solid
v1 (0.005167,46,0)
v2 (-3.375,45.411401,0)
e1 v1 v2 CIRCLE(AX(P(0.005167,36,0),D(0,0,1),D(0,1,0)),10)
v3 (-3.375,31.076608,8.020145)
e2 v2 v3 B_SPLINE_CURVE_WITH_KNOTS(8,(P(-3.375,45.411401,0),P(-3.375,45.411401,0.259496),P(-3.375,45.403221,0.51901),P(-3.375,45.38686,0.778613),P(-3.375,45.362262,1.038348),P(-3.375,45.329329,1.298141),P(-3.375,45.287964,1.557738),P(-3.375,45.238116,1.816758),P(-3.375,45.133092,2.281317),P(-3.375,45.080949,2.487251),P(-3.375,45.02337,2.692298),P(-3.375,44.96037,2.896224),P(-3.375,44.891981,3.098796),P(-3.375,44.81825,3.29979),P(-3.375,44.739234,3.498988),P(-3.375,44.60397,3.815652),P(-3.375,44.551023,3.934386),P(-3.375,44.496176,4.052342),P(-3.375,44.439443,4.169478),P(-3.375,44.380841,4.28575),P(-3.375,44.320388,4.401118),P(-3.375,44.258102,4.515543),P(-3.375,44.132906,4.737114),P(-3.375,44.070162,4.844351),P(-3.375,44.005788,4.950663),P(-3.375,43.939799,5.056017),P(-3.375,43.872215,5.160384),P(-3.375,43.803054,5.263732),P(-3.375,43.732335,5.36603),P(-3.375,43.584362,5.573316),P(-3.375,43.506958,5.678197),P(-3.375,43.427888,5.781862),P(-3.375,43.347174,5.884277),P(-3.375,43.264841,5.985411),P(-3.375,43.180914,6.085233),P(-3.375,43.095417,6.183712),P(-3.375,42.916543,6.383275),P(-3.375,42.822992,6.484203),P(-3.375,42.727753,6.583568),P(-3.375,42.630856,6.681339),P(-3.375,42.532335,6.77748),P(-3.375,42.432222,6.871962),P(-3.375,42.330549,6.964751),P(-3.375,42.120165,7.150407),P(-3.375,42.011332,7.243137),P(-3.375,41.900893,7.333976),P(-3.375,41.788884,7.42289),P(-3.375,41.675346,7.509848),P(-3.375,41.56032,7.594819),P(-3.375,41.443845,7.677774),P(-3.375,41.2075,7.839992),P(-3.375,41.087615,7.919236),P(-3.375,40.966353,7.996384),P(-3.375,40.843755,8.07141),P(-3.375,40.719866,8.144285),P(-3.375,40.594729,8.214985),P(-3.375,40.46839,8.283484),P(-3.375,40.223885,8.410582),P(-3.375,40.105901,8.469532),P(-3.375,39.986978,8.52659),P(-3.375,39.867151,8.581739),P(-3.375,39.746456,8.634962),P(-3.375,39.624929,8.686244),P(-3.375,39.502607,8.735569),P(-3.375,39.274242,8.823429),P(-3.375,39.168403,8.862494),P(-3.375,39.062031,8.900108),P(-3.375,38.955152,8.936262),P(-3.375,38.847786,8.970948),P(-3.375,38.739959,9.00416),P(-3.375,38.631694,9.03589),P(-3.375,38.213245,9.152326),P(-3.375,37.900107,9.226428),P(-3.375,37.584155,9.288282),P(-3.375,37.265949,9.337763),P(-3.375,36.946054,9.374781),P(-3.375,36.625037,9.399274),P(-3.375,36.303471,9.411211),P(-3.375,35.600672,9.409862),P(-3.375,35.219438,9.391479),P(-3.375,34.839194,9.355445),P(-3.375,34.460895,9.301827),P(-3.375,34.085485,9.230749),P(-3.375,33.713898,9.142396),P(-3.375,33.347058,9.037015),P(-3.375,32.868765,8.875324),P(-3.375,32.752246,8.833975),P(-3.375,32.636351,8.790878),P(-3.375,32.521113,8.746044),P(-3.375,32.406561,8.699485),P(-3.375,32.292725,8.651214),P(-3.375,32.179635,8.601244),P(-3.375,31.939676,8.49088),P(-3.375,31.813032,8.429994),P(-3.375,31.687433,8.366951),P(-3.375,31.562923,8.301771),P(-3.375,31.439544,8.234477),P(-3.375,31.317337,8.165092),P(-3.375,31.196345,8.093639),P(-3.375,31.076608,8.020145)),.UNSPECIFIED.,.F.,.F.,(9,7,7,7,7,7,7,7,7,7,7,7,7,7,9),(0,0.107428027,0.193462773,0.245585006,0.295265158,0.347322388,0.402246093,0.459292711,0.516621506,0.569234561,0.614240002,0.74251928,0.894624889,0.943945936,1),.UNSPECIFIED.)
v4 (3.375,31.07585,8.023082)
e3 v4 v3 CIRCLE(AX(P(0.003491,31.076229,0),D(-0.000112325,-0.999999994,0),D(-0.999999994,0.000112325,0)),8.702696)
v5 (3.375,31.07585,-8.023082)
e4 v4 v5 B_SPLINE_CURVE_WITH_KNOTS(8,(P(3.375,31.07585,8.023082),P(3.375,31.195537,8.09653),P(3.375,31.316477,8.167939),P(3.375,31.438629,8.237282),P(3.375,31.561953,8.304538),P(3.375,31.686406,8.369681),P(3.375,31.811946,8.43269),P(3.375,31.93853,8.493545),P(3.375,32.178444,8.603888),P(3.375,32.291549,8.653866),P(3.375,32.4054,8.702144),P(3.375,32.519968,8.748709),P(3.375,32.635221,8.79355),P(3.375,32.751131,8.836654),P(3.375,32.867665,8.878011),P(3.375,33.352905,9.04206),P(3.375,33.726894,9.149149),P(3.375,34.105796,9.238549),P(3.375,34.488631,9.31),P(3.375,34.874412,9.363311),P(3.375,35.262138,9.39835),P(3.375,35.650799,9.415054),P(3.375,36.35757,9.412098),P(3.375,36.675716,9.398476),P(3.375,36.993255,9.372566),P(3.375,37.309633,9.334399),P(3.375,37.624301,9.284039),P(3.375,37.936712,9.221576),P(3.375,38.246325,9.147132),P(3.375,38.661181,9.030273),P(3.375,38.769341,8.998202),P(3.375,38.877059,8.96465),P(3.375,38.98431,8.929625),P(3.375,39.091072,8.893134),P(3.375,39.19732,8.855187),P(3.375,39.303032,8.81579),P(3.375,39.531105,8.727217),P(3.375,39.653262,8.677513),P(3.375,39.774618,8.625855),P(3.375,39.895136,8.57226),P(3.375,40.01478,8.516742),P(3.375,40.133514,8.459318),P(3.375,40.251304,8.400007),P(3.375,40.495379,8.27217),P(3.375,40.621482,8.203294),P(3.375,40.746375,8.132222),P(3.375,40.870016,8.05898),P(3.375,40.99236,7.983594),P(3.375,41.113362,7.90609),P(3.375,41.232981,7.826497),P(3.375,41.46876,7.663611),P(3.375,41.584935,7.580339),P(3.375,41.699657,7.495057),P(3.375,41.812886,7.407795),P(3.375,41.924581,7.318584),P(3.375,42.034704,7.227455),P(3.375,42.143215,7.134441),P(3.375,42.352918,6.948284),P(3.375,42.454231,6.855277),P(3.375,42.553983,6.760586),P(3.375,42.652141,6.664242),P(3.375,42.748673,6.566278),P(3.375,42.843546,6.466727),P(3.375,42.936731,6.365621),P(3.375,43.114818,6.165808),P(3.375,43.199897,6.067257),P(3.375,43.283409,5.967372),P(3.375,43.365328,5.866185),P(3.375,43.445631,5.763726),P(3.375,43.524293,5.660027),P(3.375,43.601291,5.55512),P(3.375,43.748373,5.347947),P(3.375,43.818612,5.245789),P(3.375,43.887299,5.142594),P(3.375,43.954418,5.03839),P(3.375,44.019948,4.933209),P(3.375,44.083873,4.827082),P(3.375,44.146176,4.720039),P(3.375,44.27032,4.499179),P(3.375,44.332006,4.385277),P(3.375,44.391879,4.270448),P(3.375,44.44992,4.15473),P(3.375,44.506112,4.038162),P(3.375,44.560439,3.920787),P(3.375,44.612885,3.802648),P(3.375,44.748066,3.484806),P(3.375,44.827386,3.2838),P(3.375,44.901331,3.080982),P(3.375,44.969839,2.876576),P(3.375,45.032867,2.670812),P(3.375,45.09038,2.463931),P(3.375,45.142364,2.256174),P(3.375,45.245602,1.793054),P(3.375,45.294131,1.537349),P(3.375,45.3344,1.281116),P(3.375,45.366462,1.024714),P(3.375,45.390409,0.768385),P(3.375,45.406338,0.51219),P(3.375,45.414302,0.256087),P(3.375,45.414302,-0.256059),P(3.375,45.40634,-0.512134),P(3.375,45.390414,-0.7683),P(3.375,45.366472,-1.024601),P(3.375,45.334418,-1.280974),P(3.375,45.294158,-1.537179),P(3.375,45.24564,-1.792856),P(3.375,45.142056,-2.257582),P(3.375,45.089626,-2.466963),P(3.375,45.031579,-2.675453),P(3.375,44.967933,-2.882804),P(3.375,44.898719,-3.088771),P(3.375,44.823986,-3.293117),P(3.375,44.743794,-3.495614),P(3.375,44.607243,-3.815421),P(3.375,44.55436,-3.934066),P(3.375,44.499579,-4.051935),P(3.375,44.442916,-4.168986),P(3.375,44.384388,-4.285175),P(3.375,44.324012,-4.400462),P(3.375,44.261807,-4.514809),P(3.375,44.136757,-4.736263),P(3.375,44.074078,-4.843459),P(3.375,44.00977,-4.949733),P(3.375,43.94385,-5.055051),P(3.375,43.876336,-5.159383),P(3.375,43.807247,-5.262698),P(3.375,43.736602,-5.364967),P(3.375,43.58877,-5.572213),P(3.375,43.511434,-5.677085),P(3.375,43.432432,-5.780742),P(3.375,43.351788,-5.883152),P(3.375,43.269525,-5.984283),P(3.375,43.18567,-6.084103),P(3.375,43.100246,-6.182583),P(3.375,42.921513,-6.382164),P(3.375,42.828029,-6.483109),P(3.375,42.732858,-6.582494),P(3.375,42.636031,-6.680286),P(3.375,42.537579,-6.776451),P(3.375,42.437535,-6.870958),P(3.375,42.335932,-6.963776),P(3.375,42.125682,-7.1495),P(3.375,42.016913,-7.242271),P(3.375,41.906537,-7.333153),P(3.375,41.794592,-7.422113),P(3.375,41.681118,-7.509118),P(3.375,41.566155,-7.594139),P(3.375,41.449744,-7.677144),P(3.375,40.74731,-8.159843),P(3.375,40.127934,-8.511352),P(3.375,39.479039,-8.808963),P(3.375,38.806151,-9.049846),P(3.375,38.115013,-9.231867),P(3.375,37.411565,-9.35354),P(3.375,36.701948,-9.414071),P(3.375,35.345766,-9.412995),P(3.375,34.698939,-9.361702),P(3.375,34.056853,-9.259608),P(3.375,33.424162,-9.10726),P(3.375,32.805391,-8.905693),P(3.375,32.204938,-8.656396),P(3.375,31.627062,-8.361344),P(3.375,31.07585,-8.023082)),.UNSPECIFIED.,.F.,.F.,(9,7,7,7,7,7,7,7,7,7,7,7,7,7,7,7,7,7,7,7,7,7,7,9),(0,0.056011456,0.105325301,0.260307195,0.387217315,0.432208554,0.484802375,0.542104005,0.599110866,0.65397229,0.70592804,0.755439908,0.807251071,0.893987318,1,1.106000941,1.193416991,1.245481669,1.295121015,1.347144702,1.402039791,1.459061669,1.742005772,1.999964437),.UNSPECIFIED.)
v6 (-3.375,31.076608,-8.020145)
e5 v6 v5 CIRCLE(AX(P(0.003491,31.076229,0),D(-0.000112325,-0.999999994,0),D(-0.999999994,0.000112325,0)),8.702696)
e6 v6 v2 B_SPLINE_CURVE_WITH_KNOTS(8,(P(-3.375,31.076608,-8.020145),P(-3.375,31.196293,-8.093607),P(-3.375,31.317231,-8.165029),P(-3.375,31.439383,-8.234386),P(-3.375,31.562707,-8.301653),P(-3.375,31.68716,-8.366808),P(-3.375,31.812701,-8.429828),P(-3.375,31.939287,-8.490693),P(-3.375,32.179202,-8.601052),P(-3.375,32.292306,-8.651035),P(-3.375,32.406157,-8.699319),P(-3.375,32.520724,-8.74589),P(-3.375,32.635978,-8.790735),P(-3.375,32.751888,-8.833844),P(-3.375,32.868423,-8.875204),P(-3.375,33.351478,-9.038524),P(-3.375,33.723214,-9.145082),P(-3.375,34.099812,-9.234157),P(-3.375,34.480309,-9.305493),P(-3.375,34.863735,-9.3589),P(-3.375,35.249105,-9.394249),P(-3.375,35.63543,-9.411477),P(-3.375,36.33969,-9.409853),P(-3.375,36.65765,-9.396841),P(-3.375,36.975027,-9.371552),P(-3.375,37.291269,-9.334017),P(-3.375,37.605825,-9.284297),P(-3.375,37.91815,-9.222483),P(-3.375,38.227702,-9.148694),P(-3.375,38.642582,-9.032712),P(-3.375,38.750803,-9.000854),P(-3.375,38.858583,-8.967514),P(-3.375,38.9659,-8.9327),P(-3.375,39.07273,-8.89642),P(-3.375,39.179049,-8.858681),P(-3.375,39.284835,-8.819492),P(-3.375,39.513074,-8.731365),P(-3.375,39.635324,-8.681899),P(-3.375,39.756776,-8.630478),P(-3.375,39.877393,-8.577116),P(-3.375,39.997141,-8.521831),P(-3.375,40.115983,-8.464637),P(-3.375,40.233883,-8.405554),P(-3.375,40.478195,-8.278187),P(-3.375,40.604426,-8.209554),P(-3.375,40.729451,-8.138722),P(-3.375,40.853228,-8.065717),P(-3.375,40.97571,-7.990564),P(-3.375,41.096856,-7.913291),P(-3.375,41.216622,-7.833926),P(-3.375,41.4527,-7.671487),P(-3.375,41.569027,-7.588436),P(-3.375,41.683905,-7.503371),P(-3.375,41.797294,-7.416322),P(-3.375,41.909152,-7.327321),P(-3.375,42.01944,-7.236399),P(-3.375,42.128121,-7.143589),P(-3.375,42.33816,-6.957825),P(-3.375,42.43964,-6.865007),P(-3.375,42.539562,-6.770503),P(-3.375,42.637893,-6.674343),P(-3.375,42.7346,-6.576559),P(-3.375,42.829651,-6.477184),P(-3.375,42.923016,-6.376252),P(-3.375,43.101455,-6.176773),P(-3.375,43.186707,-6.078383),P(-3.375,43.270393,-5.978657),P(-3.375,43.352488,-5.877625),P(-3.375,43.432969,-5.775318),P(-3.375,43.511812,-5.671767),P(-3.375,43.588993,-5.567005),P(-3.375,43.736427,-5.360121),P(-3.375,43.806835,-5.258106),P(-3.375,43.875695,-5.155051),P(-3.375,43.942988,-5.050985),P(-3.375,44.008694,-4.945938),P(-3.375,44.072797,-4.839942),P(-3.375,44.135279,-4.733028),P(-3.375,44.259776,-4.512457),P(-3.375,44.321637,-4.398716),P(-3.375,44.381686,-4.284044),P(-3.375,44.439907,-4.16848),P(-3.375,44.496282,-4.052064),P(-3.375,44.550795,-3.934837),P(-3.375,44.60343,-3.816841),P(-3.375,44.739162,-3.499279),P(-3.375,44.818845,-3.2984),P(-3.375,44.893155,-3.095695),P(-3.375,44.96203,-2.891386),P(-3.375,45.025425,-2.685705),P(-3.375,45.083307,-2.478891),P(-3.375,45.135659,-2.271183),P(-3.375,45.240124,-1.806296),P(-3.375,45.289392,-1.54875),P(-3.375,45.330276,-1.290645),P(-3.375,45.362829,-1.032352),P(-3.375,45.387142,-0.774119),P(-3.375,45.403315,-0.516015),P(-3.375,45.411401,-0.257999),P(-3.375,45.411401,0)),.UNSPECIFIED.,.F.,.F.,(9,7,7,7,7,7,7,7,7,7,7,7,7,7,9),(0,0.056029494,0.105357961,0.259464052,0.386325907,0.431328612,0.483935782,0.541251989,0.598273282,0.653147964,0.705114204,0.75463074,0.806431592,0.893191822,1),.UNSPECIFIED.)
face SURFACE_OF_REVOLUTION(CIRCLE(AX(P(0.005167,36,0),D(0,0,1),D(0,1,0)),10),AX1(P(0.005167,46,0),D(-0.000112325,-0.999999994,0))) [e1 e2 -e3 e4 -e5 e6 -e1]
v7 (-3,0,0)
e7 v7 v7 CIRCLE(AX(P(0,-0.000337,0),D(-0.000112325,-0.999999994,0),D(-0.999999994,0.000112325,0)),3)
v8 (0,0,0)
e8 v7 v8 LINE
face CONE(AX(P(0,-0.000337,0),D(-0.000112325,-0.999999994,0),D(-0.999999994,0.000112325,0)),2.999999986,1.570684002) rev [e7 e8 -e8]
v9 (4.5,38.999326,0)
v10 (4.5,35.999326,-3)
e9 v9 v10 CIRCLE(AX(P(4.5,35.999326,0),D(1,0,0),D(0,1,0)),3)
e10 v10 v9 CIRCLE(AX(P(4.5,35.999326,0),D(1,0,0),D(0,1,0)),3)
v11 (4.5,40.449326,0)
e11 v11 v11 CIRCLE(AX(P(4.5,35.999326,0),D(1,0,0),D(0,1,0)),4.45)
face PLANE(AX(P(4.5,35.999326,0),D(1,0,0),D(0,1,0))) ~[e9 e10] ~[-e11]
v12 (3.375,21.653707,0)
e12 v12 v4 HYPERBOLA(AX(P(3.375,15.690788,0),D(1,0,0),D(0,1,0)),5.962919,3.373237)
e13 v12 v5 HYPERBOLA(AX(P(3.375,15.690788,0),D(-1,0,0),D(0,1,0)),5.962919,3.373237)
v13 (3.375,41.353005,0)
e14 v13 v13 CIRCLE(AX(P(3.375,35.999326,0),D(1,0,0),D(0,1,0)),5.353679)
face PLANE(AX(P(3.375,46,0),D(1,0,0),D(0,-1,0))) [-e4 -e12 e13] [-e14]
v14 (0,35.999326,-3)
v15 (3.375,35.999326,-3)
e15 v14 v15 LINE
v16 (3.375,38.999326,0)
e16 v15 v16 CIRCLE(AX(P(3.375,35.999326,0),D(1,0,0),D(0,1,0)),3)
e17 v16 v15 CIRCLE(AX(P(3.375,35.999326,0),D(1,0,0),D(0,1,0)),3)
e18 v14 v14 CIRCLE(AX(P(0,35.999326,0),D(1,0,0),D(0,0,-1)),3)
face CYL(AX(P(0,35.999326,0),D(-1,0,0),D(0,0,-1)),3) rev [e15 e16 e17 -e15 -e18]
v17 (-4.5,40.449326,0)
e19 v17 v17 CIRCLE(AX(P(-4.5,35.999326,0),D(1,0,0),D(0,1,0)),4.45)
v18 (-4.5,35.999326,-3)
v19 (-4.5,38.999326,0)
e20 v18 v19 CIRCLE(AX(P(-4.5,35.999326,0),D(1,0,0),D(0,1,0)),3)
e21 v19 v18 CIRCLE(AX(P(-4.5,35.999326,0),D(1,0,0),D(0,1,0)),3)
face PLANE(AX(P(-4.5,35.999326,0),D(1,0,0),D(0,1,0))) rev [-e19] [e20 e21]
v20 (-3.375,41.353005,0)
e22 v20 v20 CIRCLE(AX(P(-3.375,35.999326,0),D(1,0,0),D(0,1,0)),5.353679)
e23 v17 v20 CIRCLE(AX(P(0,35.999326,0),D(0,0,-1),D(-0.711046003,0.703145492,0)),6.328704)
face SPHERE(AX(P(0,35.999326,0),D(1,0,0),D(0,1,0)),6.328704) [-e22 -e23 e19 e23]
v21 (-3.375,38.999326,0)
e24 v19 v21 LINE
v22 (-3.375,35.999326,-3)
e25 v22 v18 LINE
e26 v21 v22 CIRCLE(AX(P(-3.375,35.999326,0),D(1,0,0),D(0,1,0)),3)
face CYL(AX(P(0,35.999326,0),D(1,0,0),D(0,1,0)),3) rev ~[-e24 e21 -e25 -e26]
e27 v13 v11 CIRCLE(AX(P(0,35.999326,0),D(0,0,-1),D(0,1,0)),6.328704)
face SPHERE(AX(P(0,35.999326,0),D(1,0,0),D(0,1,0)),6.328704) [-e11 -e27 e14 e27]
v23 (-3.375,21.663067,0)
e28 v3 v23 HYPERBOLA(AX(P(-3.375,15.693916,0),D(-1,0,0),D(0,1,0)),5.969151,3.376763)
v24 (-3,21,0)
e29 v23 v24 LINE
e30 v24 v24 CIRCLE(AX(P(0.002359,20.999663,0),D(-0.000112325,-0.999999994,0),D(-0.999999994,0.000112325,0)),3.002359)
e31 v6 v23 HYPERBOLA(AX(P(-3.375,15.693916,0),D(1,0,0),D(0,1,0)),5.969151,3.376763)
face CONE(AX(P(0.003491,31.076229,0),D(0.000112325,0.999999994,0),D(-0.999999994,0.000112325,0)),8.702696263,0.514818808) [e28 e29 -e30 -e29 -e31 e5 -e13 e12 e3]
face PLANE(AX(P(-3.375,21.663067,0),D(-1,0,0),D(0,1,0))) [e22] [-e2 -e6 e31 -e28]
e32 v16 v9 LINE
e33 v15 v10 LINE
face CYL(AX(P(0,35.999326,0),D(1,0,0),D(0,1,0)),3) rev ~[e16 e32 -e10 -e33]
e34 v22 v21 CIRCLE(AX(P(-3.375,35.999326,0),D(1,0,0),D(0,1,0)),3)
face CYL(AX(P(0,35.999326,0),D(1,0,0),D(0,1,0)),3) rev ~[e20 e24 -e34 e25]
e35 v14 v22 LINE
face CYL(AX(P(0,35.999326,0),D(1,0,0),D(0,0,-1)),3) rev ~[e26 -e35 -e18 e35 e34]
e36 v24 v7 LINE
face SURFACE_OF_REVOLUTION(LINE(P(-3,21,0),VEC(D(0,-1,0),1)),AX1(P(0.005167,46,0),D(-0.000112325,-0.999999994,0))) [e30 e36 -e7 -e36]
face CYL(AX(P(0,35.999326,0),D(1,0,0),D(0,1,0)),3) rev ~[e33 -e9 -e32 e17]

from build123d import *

# Parameters (mm, degrees)
WYTNIJ_WYCI_GNI_CIE1_DEPTH      = 10.998876849
WYTNIJ_WYCI_GNI_CIE1_DEPTH_BACK = 10.998876849
SZKIC4_W                        = 1.45
SZKIC4_H                        = 9
SZKIC8_R                        = 3
WYTNIJ_WYCI_GNI_CIE3_DEPTH      = 5.5
WYTNIJ_WYCI_GNI_CIE3_DEPTH_BACK = 5.5


with BuildPart() as part:
    # Szkic1 one side → Obrót4 (revolve)
    with BuildSketch(Plane.XY):
        with BuildLine():
            Line((-3, 21), (-3, 0))
            Line((-3, 0), (0, 0))
            Line((0, 0), (0.005166955, 46))
            ThreePointArc((0.005166955, 46), (-8.632770826, 41.038455208), (-8.699205566, 31.077206177))
            Line((-8.699205566, 31.077206177), (-3, 21))
        make_face()
    revolve(axis=Axis((0.005166955, 46, 0), (-0.000112325, -0.999999994, 0)))

    # Szkic2 → Wytnij-wyciągnięcie1 (cut, two sides)
    with BuildSketch(Plane.XY) as wytnij_wyci_gni_cie1_sk:
        Polygon((-3.375, 46), (-20, 46), (-20, 10.866665268), (-3.375, 21.663066505), align=None)
        Polygon((20, 46), (3.375, 46), (3.375, 21.65370739), (20, 10.857306153), align=None)
    extrude(amount=WYTNIJ_WYCI_GNI_CIE1_DEPTH, mode=Mode.SUBTRACT)
    extrude(wytnij_wyci_gni_cie1_sk.sketch, amount=-WYTNIJ_WYCI_GNI_CIE1_DEPTH_BACK, mode=Mode.SUBTRACT)

    # Szkic4 → Obrót5 (revolve)
    with BuildSketch(Plane.YX):
        with BuildLine():
            Line((40.449326049, 4.5), (40.449326049, -4.5))
            ThreePointArc((40.449326049, -4.5), (41.839498769, -2.438212993), (42.328030498, 0))
            ThreePointArc((42.328030498, 0), (41.839498769, 2.438212993), (40.449326049, 4.5))
        make_face()
        with Locations((39.724326049, 0)):
            Rectangle(SZKIC4_W, SZKIC4_H)
    revolve(axis=Axis((-0.999999975, 35.999326049, 0), (1, 0, 0)))

    # Szkic8 → Wytnij-wyciągnięcie3 (cut, two sides)
    with BuildSketch(Plane(origin=(0, 0, 0), x_dir=(0, 0, -1), z_dir=(1, 0, 0))) as wytnij_wyci_gni_cie3_sk:
        with Locations((0, 35.999326049)):
            Circle(SZKIC8_R)
    extrude(amount=WYTNIJ_WYCI_GNI_CIE3_DEPTH, mode=Mode.SUBTRACT)
    extrude(wytnij_wyci_gni_cie3_sk.sketch, amount=-WYTNIJ_WYCI_GNI_CIE3_DEPTH_BACK, mode=Mode.SUBTRACT)


solid = part.part
